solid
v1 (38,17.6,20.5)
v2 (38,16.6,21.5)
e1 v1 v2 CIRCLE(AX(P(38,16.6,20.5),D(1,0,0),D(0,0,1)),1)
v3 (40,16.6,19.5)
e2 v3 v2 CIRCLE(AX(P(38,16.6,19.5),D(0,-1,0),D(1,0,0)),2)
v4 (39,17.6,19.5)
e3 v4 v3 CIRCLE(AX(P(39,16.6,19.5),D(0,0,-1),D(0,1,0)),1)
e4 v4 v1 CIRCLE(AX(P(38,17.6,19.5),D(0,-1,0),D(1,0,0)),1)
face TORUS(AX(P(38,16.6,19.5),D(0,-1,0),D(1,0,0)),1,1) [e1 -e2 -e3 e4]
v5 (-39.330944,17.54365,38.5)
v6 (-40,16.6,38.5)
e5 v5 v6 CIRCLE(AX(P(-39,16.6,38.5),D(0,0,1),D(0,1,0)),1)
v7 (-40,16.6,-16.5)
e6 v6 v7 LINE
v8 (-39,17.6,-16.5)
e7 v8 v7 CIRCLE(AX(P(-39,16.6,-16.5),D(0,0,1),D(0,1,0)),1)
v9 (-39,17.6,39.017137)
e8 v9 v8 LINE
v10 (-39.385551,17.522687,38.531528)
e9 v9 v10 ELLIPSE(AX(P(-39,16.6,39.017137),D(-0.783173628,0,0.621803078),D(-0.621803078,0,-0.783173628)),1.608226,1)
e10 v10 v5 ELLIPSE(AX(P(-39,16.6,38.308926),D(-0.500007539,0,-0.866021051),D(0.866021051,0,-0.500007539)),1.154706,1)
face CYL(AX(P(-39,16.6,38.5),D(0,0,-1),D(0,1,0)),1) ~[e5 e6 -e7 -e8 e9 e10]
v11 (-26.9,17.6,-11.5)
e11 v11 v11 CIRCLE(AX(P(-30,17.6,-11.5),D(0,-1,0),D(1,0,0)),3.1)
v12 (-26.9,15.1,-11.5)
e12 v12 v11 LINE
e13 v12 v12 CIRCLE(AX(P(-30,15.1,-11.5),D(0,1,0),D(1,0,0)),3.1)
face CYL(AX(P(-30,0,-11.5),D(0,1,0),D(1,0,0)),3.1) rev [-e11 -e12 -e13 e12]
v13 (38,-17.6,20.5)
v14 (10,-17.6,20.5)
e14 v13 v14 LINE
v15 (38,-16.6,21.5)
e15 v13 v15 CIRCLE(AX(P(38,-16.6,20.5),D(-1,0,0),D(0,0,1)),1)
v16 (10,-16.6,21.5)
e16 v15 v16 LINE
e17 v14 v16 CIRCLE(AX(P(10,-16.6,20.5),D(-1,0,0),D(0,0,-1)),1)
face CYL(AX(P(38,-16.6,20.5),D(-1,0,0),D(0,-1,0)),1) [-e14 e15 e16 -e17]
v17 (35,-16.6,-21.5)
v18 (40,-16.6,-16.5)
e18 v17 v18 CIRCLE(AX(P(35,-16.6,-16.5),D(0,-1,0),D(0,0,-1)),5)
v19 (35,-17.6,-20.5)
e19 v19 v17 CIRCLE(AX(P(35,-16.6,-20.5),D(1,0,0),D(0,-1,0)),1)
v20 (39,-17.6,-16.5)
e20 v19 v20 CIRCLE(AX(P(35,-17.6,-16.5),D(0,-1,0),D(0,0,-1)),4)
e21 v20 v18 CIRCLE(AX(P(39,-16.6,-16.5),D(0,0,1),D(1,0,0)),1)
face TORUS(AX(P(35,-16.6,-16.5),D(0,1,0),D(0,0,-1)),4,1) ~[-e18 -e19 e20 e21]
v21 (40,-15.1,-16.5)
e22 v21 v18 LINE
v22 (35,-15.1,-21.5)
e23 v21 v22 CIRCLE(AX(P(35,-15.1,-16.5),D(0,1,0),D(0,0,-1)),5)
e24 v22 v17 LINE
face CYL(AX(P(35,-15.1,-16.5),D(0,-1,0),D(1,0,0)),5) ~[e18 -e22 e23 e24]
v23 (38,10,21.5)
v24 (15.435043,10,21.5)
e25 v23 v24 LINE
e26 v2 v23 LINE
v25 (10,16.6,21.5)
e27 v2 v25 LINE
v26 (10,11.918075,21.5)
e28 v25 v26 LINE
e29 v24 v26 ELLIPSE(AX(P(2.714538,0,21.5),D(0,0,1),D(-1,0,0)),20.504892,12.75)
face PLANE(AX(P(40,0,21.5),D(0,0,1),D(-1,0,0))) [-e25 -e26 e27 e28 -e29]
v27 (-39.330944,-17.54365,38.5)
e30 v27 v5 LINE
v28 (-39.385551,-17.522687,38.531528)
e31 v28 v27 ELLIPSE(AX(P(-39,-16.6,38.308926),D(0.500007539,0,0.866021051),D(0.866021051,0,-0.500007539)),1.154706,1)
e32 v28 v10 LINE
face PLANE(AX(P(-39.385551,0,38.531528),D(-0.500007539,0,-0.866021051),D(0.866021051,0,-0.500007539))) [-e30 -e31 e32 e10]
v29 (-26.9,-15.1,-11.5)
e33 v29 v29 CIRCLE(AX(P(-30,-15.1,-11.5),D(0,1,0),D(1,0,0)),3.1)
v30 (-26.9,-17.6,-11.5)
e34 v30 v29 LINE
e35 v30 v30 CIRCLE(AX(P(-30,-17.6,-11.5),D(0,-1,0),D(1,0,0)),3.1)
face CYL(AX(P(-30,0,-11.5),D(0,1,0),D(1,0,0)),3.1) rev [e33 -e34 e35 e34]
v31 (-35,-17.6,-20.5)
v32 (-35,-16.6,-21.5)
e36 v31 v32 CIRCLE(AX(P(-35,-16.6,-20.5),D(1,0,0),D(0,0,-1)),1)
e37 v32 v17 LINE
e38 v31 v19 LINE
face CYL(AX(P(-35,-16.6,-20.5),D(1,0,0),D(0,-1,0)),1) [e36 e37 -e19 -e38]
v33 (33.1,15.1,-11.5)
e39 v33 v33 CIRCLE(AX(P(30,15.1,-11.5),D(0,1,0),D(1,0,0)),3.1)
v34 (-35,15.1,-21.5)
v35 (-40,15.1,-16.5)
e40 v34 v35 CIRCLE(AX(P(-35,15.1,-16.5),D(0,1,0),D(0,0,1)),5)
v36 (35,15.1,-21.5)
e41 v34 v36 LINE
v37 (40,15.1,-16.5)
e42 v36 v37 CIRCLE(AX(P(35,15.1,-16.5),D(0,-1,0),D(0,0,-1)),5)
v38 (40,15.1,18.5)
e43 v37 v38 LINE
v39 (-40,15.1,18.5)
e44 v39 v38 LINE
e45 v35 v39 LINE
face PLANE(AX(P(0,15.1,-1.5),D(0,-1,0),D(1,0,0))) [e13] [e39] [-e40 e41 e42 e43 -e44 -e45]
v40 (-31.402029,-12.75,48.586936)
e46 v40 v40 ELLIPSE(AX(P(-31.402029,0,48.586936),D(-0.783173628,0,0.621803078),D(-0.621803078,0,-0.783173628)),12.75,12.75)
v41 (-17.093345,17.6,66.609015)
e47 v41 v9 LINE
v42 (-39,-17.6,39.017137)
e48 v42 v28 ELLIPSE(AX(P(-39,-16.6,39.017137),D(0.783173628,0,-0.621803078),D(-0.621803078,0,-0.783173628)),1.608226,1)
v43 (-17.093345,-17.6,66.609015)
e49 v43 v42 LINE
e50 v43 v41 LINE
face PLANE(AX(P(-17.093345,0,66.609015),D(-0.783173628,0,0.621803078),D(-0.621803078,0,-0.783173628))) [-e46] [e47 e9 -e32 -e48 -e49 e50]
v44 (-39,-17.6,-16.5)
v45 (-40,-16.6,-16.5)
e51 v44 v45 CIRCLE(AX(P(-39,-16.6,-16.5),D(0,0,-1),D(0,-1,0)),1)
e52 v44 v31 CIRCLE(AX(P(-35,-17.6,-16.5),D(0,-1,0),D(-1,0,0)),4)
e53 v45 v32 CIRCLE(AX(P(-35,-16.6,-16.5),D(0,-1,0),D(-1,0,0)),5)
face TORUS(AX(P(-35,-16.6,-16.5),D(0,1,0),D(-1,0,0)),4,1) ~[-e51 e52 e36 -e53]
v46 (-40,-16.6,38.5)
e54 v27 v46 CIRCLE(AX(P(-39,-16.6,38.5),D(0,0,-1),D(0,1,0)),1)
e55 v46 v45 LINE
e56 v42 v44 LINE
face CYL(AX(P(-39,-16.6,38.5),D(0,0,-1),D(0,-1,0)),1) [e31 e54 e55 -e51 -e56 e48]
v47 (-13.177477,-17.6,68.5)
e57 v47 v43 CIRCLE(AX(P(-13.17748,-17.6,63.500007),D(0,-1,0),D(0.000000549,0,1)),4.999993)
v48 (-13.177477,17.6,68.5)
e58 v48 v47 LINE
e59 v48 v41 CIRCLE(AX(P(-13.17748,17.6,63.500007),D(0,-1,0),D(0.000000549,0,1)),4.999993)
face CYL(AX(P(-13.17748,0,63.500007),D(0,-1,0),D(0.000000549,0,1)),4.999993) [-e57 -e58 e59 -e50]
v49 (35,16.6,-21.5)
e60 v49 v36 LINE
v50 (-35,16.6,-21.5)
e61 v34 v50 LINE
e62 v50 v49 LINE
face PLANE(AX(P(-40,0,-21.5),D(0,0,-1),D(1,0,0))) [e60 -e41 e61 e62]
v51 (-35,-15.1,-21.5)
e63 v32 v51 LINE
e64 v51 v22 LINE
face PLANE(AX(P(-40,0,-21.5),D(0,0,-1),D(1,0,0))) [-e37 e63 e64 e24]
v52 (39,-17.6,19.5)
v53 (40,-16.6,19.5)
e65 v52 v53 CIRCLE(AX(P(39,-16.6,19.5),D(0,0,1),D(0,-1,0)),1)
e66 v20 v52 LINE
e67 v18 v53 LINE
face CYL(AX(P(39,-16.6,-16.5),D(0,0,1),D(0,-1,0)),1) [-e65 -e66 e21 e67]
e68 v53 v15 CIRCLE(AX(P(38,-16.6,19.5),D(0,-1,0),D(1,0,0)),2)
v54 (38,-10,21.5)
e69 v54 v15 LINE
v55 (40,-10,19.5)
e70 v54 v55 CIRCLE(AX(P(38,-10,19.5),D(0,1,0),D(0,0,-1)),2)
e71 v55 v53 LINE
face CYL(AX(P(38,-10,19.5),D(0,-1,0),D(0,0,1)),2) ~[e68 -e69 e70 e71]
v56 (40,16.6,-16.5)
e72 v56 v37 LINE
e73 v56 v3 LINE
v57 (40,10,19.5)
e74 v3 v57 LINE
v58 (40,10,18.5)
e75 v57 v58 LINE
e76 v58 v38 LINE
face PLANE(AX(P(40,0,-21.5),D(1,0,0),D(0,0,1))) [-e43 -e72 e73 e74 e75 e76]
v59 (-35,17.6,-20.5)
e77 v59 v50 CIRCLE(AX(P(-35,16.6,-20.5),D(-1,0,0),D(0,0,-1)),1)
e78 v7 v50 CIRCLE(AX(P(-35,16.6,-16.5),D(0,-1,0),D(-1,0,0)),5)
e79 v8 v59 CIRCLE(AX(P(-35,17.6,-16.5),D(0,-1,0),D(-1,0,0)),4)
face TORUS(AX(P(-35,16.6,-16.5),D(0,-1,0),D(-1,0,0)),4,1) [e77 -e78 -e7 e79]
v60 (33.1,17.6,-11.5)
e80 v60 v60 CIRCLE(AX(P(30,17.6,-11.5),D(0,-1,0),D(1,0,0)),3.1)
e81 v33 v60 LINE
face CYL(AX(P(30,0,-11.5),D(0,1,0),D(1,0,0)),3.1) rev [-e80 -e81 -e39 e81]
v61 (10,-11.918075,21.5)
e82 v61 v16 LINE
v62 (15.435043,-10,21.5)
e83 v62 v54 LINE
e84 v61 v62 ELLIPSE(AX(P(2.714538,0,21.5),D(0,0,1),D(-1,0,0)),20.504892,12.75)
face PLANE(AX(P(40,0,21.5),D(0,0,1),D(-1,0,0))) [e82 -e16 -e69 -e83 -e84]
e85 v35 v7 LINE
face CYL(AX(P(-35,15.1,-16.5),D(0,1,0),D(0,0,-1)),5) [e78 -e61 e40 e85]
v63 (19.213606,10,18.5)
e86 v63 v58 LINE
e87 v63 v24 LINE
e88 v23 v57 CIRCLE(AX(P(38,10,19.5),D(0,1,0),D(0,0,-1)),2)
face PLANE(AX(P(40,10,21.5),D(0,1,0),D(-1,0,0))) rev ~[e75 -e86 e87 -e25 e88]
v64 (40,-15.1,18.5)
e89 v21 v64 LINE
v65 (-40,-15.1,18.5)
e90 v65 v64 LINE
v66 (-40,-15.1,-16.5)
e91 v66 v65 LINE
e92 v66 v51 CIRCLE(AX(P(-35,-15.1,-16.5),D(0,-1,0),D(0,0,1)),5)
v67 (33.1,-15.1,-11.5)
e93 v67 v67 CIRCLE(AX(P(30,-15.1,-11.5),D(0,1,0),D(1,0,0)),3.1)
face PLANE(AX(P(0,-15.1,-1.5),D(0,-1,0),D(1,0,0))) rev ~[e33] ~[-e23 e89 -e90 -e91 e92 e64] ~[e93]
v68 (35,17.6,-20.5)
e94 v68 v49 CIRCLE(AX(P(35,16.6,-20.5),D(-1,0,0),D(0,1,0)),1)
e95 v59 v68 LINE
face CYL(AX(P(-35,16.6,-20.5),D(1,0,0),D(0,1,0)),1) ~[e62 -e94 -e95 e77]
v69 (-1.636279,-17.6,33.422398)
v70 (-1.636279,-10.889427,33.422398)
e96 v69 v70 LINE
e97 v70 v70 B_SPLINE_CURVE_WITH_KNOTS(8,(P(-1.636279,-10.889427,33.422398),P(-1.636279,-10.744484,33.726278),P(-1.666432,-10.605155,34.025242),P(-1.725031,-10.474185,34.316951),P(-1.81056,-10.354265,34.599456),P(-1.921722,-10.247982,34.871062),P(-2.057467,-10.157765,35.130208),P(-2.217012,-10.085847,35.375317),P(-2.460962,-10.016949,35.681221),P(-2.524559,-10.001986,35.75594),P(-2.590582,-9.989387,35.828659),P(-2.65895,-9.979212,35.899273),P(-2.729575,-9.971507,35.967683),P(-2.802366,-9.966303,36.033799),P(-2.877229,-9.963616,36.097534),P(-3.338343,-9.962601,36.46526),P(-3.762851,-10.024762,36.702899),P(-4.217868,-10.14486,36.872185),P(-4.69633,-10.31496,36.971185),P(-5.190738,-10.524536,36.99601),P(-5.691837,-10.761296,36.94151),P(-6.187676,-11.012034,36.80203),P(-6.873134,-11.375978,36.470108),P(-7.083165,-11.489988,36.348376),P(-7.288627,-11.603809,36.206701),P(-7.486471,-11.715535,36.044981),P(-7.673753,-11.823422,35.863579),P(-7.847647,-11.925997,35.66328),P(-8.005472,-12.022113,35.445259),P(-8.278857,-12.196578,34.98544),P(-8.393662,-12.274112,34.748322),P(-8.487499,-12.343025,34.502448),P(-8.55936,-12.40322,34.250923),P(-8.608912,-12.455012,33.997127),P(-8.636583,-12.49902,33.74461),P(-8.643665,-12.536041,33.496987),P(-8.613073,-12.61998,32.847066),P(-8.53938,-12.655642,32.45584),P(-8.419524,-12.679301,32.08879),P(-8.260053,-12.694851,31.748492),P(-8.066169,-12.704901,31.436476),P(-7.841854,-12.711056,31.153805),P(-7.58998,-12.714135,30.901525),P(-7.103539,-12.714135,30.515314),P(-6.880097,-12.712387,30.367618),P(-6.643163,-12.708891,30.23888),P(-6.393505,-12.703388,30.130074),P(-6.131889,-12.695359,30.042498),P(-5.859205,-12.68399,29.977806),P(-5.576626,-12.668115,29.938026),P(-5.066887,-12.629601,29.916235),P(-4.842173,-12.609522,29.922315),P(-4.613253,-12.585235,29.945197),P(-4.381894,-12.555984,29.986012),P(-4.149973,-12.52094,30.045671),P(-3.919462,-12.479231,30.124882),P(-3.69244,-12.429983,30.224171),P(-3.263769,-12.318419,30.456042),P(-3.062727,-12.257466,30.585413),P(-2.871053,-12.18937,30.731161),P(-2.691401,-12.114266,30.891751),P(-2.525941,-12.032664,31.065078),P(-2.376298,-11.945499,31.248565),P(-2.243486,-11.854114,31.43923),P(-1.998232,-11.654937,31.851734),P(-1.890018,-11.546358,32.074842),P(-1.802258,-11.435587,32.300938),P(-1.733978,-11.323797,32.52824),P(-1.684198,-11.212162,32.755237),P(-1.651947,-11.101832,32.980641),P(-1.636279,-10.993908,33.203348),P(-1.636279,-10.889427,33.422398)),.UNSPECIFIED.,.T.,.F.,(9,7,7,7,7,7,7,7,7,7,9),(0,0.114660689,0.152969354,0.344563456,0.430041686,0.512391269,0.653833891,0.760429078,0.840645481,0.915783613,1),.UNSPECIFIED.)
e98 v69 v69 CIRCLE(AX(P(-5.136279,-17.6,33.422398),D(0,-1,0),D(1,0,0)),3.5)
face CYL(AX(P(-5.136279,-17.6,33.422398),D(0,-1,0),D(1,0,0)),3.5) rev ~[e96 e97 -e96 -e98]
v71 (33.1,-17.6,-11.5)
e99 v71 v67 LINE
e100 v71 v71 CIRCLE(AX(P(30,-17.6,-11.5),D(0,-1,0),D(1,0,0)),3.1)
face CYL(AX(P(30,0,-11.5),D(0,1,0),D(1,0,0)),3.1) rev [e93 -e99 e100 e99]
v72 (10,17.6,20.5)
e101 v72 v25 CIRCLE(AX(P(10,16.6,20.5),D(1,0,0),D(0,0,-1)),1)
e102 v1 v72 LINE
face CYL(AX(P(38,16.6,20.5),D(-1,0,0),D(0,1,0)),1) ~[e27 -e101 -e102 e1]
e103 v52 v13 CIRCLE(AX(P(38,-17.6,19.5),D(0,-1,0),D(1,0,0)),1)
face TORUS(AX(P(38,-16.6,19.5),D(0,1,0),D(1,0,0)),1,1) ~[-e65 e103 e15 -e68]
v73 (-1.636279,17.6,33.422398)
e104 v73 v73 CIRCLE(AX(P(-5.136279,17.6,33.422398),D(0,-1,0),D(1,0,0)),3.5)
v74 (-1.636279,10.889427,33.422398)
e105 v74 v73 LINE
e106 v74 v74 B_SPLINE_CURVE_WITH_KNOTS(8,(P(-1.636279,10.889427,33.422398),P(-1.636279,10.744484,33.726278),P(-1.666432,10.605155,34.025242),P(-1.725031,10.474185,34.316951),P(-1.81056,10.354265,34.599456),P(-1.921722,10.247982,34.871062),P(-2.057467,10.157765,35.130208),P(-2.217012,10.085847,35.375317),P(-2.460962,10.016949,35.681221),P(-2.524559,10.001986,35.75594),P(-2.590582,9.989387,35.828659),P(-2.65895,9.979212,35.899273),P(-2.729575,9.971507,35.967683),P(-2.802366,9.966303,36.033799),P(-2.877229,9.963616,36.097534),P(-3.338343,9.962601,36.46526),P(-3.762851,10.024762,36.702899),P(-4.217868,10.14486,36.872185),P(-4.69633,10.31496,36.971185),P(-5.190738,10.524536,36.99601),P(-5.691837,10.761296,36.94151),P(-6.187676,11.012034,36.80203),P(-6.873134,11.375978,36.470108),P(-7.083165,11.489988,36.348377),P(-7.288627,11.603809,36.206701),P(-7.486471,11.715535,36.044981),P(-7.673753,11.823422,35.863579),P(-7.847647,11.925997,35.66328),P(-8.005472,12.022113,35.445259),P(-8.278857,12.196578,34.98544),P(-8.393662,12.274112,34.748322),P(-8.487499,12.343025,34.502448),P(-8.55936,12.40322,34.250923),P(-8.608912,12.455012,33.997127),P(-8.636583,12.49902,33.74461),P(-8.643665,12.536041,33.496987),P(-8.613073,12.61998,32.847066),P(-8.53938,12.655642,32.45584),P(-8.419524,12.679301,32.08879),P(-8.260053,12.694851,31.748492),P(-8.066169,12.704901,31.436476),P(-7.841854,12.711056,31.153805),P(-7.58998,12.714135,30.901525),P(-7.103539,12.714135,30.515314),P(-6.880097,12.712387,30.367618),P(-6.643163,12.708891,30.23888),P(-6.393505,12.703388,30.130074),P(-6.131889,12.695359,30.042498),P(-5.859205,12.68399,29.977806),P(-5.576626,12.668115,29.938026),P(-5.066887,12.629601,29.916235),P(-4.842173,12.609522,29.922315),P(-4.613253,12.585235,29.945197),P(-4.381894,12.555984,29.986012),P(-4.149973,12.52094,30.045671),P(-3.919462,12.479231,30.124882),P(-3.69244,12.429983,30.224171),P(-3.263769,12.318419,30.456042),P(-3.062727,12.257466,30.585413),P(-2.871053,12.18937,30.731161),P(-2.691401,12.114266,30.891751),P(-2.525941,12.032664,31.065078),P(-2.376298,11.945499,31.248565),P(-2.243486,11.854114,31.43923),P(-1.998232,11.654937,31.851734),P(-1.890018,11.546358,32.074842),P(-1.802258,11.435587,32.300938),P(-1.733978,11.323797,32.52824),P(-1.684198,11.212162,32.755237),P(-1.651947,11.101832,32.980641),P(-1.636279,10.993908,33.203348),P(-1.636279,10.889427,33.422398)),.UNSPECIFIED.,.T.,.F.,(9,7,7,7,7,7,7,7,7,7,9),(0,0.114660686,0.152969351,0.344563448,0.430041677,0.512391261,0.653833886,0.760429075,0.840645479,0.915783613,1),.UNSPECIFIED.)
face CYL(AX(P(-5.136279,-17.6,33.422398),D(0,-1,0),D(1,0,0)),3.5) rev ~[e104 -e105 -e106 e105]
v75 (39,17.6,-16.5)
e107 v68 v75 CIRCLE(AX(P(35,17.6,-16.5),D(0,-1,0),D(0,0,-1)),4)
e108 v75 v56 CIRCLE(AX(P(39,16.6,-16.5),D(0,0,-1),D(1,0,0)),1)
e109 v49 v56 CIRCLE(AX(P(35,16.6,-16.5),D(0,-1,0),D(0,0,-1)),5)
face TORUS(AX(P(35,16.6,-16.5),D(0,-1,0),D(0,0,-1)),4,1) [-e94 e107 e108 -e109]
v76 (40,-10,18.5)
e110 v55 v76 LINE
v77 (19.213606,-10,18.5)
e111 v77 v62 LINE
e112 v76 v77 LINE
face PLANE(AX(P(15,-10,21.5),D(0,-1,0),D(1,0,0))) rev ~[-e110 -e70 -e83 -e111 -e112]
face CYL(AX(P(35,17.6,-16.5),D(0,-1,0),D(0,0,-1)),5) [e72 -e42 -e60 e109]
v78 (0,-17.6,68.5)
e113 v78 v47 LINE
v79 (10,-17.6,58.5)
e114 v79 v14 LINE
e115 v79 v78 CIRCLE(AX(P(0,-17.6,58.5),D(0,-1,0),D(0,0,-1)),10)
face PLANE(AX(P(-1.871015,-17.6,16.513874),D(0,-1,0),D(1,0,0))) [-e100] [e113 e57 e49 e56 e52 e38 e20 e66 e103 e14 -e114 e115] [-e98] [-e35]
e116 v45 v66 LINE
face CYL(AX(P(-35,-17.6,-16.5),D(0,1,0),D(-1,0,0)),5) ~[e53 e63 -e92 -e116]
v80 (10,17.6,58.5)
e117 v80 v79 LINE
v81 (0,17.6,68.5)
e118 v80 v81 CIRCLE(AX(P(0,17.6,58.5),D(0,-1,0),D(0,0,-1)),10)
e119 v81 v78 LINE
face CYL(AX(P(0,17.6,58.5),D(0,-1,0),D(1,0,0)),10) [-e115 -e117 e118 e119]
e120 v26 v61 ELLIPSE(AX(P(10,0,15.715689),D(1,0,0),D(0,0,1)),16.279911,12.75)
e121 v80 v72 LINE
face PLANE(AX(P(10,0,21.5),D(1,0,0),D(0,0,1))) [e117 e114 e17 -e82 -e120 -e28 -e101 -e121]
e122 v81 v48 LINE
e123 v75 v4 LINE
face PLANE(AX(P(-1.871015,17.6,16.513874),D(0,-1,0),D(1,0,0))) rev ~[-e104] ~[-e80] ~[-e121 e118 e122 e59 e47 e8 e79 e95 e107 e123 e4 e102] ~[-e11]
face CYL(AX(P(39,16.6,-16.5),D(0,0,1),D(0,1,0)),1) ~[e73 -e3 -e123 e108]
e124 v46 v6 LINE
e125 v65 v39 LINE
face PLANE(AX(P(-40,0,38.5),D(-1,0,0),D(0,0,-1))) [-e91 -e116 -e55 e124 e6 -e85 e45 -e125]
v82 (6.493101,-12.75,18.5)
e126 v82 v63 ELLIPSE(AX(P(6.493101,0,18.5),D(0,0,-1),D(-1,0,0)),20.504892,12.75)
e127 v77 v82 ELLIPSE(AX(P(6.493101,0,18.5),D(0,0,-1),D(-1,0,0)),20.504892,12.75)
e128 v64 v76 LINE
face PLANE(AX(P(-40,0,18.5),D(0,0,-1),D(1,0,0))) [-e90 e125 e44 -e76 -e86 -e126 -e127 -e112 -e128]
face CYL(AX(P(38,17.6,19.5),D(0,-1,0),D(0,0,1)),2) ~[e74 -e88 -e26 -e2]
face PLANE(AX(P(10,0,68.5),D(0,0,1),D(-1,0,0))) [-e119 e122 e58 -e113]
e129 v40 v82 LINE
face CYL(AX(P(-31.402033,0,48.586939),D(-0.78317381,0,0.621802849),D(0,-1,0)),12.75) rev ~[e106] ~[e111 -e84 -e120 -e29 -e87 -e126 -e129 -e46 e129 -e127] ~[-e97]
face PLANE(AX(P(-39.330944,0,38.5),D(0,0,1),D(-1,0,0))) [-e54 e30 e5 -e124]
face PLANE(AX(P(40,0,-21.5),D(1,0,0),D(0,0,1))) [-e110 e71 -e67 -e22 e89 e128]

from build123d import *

# Parameters (mm, degrees)
F0_R      = 3.1
F1_DEPTH  = 17.6
F2_W      = 80
F2_H      = 40
F3_DEPTH  = 15.1
F4_R      = 5
F5_R      = 5
F6_R      = 10
F8_DEPTH  = 5
F9_R      = 12.75
F10_DEPTH = 99.501459
F11_R     = 2
F12_R     = 1
F13_R     = 3.5
F14_DEPTH = 40


with BuildPart() as f1:
    # F0 (on Front) → F1 (new body, symmetric)
    with BuildSketch(Plane.XZ):
        with BuildLine():
            Line((-40, -21.5), (40, -21.5))
            Line((40, -21.5), (40, 21.5))
            Line((40, 21.5), (10, 21.5))
            Line((10, 21.5), (10, 68.5))
            Line((10, 68.5), (-13.177477, 68.5))
            ThreePointArc((-13.177477, 68.5), (-15.35175, 68.002504), (-17.093345, 66.609015))
            Line((-17.093345, 66.609015), (-39.385551, 38.531528))
            Line((-39.385551, 38.531528), (-39.330944, 38.5))
            Line((-39.330944, 38.5), (-40, 38.5))
            Line((-40, 38.5), (-40, 21.5))
            Line((-40, 21.5), (-40, -21.5))
        make_face()
        with Locations((-30, -11.5)):
            Circle(F0_R, mode=Mode.SUBTRACT)
        with Locations((30, -11.5)):
            Circle(F0_R, mode=Mode.SUBTRACT)
    extrude(amount=F1_DEPTH, both=True)

    # F2 (on Front) → F3 (cut, symmetric)
    with BuildSketch(Plane.XZ):
        with Locations((0, -1.5)):
            Rectangle(F2_W, F2_H)
    extrude(amount=F3_DEPTH, both=True, mode=Mode.SUBTRACT)

    # F4
    f4_edges = [f1.edges().sort_by_distance(p)[0] for p in [
        (40, 16.35, -21.5),
        (40, -16.35, -21.5),
    ]]
    fillet(f4_edges, radius=F4_R)

    # F5
    f5_edges = [f1.edges().sort_by_distance(p)[0] for p in [
        (-40, 16.35, -21.5),
        (-40, -16.35, -21.5),
    ]]
    fillet(f5_edges, radius=F5_R)

    # F6
    f6_edges = [f1.edges().sort_by_distance(p)[0] for p in [
        (10, 0, 68.5),
    ]]
    fillet(f6_edges, radius=F6_R)

    # F7 (on face) → F8 (cut)
    with BuildSketch(Plane.XY.offset(21.5)):
        with BuildLine():
            Line((15, -10), (40, -10))
            Line((40, -10), (40, 0))
            Line((40, 0), (40, 10))
            Line((40, 10), (15, 10))
            ThreePointArc((15, 10), (11.464466, 8.535534), (10, 5))
            Line((10, 5), (10, -5))
            ThreePointArc((10, -5), (11.464466, -8.535534), (15, -10))
        make_face()
    extrude(amount=-F8_DEPTH, mode=Mode.SUBTRACT)

    # F9 (on face) → F10 (cut, through all)
    with BuildSketch(Plane(origin=(-42.921633, 0, 34.07776), x_dir=(0, -1, 0), z_dir=(-0.783174, 0, 0.621803))):
        with Locations((0, 18.526129)):
            Circle(F9_R)
    extrude(amount=-F10_DEPTH, mode=Mode.SUBTRACT)

    # F11
    f11_edges = [f1.edges().sort_by_distance(p)[0] for p in [
        (40, 13.8, 21.5),
        (40, -13.8, 21.5),
    ]]
    fillet(f11_edges, radius=F11_R)

    # F12
    f12_edges = [f1.edges().sort_by_distance(p)[0] for p in [
        (40, -17.6, 1.5),
        (40, 17.6, 1.5),
    ]]
    fillet(f12_edges, radius=F12_R)

    # F13 (on face) → F14 (cut)
    with BuildSketch(Plane.XZ.offset(17.6)):
        with Locations((-5.136279, 33.422398)):
            Circle(F13_R)
    extrude(amount=-F14_DEPTH, mode=Mode.SUBTRACT)


solid = f1.part
